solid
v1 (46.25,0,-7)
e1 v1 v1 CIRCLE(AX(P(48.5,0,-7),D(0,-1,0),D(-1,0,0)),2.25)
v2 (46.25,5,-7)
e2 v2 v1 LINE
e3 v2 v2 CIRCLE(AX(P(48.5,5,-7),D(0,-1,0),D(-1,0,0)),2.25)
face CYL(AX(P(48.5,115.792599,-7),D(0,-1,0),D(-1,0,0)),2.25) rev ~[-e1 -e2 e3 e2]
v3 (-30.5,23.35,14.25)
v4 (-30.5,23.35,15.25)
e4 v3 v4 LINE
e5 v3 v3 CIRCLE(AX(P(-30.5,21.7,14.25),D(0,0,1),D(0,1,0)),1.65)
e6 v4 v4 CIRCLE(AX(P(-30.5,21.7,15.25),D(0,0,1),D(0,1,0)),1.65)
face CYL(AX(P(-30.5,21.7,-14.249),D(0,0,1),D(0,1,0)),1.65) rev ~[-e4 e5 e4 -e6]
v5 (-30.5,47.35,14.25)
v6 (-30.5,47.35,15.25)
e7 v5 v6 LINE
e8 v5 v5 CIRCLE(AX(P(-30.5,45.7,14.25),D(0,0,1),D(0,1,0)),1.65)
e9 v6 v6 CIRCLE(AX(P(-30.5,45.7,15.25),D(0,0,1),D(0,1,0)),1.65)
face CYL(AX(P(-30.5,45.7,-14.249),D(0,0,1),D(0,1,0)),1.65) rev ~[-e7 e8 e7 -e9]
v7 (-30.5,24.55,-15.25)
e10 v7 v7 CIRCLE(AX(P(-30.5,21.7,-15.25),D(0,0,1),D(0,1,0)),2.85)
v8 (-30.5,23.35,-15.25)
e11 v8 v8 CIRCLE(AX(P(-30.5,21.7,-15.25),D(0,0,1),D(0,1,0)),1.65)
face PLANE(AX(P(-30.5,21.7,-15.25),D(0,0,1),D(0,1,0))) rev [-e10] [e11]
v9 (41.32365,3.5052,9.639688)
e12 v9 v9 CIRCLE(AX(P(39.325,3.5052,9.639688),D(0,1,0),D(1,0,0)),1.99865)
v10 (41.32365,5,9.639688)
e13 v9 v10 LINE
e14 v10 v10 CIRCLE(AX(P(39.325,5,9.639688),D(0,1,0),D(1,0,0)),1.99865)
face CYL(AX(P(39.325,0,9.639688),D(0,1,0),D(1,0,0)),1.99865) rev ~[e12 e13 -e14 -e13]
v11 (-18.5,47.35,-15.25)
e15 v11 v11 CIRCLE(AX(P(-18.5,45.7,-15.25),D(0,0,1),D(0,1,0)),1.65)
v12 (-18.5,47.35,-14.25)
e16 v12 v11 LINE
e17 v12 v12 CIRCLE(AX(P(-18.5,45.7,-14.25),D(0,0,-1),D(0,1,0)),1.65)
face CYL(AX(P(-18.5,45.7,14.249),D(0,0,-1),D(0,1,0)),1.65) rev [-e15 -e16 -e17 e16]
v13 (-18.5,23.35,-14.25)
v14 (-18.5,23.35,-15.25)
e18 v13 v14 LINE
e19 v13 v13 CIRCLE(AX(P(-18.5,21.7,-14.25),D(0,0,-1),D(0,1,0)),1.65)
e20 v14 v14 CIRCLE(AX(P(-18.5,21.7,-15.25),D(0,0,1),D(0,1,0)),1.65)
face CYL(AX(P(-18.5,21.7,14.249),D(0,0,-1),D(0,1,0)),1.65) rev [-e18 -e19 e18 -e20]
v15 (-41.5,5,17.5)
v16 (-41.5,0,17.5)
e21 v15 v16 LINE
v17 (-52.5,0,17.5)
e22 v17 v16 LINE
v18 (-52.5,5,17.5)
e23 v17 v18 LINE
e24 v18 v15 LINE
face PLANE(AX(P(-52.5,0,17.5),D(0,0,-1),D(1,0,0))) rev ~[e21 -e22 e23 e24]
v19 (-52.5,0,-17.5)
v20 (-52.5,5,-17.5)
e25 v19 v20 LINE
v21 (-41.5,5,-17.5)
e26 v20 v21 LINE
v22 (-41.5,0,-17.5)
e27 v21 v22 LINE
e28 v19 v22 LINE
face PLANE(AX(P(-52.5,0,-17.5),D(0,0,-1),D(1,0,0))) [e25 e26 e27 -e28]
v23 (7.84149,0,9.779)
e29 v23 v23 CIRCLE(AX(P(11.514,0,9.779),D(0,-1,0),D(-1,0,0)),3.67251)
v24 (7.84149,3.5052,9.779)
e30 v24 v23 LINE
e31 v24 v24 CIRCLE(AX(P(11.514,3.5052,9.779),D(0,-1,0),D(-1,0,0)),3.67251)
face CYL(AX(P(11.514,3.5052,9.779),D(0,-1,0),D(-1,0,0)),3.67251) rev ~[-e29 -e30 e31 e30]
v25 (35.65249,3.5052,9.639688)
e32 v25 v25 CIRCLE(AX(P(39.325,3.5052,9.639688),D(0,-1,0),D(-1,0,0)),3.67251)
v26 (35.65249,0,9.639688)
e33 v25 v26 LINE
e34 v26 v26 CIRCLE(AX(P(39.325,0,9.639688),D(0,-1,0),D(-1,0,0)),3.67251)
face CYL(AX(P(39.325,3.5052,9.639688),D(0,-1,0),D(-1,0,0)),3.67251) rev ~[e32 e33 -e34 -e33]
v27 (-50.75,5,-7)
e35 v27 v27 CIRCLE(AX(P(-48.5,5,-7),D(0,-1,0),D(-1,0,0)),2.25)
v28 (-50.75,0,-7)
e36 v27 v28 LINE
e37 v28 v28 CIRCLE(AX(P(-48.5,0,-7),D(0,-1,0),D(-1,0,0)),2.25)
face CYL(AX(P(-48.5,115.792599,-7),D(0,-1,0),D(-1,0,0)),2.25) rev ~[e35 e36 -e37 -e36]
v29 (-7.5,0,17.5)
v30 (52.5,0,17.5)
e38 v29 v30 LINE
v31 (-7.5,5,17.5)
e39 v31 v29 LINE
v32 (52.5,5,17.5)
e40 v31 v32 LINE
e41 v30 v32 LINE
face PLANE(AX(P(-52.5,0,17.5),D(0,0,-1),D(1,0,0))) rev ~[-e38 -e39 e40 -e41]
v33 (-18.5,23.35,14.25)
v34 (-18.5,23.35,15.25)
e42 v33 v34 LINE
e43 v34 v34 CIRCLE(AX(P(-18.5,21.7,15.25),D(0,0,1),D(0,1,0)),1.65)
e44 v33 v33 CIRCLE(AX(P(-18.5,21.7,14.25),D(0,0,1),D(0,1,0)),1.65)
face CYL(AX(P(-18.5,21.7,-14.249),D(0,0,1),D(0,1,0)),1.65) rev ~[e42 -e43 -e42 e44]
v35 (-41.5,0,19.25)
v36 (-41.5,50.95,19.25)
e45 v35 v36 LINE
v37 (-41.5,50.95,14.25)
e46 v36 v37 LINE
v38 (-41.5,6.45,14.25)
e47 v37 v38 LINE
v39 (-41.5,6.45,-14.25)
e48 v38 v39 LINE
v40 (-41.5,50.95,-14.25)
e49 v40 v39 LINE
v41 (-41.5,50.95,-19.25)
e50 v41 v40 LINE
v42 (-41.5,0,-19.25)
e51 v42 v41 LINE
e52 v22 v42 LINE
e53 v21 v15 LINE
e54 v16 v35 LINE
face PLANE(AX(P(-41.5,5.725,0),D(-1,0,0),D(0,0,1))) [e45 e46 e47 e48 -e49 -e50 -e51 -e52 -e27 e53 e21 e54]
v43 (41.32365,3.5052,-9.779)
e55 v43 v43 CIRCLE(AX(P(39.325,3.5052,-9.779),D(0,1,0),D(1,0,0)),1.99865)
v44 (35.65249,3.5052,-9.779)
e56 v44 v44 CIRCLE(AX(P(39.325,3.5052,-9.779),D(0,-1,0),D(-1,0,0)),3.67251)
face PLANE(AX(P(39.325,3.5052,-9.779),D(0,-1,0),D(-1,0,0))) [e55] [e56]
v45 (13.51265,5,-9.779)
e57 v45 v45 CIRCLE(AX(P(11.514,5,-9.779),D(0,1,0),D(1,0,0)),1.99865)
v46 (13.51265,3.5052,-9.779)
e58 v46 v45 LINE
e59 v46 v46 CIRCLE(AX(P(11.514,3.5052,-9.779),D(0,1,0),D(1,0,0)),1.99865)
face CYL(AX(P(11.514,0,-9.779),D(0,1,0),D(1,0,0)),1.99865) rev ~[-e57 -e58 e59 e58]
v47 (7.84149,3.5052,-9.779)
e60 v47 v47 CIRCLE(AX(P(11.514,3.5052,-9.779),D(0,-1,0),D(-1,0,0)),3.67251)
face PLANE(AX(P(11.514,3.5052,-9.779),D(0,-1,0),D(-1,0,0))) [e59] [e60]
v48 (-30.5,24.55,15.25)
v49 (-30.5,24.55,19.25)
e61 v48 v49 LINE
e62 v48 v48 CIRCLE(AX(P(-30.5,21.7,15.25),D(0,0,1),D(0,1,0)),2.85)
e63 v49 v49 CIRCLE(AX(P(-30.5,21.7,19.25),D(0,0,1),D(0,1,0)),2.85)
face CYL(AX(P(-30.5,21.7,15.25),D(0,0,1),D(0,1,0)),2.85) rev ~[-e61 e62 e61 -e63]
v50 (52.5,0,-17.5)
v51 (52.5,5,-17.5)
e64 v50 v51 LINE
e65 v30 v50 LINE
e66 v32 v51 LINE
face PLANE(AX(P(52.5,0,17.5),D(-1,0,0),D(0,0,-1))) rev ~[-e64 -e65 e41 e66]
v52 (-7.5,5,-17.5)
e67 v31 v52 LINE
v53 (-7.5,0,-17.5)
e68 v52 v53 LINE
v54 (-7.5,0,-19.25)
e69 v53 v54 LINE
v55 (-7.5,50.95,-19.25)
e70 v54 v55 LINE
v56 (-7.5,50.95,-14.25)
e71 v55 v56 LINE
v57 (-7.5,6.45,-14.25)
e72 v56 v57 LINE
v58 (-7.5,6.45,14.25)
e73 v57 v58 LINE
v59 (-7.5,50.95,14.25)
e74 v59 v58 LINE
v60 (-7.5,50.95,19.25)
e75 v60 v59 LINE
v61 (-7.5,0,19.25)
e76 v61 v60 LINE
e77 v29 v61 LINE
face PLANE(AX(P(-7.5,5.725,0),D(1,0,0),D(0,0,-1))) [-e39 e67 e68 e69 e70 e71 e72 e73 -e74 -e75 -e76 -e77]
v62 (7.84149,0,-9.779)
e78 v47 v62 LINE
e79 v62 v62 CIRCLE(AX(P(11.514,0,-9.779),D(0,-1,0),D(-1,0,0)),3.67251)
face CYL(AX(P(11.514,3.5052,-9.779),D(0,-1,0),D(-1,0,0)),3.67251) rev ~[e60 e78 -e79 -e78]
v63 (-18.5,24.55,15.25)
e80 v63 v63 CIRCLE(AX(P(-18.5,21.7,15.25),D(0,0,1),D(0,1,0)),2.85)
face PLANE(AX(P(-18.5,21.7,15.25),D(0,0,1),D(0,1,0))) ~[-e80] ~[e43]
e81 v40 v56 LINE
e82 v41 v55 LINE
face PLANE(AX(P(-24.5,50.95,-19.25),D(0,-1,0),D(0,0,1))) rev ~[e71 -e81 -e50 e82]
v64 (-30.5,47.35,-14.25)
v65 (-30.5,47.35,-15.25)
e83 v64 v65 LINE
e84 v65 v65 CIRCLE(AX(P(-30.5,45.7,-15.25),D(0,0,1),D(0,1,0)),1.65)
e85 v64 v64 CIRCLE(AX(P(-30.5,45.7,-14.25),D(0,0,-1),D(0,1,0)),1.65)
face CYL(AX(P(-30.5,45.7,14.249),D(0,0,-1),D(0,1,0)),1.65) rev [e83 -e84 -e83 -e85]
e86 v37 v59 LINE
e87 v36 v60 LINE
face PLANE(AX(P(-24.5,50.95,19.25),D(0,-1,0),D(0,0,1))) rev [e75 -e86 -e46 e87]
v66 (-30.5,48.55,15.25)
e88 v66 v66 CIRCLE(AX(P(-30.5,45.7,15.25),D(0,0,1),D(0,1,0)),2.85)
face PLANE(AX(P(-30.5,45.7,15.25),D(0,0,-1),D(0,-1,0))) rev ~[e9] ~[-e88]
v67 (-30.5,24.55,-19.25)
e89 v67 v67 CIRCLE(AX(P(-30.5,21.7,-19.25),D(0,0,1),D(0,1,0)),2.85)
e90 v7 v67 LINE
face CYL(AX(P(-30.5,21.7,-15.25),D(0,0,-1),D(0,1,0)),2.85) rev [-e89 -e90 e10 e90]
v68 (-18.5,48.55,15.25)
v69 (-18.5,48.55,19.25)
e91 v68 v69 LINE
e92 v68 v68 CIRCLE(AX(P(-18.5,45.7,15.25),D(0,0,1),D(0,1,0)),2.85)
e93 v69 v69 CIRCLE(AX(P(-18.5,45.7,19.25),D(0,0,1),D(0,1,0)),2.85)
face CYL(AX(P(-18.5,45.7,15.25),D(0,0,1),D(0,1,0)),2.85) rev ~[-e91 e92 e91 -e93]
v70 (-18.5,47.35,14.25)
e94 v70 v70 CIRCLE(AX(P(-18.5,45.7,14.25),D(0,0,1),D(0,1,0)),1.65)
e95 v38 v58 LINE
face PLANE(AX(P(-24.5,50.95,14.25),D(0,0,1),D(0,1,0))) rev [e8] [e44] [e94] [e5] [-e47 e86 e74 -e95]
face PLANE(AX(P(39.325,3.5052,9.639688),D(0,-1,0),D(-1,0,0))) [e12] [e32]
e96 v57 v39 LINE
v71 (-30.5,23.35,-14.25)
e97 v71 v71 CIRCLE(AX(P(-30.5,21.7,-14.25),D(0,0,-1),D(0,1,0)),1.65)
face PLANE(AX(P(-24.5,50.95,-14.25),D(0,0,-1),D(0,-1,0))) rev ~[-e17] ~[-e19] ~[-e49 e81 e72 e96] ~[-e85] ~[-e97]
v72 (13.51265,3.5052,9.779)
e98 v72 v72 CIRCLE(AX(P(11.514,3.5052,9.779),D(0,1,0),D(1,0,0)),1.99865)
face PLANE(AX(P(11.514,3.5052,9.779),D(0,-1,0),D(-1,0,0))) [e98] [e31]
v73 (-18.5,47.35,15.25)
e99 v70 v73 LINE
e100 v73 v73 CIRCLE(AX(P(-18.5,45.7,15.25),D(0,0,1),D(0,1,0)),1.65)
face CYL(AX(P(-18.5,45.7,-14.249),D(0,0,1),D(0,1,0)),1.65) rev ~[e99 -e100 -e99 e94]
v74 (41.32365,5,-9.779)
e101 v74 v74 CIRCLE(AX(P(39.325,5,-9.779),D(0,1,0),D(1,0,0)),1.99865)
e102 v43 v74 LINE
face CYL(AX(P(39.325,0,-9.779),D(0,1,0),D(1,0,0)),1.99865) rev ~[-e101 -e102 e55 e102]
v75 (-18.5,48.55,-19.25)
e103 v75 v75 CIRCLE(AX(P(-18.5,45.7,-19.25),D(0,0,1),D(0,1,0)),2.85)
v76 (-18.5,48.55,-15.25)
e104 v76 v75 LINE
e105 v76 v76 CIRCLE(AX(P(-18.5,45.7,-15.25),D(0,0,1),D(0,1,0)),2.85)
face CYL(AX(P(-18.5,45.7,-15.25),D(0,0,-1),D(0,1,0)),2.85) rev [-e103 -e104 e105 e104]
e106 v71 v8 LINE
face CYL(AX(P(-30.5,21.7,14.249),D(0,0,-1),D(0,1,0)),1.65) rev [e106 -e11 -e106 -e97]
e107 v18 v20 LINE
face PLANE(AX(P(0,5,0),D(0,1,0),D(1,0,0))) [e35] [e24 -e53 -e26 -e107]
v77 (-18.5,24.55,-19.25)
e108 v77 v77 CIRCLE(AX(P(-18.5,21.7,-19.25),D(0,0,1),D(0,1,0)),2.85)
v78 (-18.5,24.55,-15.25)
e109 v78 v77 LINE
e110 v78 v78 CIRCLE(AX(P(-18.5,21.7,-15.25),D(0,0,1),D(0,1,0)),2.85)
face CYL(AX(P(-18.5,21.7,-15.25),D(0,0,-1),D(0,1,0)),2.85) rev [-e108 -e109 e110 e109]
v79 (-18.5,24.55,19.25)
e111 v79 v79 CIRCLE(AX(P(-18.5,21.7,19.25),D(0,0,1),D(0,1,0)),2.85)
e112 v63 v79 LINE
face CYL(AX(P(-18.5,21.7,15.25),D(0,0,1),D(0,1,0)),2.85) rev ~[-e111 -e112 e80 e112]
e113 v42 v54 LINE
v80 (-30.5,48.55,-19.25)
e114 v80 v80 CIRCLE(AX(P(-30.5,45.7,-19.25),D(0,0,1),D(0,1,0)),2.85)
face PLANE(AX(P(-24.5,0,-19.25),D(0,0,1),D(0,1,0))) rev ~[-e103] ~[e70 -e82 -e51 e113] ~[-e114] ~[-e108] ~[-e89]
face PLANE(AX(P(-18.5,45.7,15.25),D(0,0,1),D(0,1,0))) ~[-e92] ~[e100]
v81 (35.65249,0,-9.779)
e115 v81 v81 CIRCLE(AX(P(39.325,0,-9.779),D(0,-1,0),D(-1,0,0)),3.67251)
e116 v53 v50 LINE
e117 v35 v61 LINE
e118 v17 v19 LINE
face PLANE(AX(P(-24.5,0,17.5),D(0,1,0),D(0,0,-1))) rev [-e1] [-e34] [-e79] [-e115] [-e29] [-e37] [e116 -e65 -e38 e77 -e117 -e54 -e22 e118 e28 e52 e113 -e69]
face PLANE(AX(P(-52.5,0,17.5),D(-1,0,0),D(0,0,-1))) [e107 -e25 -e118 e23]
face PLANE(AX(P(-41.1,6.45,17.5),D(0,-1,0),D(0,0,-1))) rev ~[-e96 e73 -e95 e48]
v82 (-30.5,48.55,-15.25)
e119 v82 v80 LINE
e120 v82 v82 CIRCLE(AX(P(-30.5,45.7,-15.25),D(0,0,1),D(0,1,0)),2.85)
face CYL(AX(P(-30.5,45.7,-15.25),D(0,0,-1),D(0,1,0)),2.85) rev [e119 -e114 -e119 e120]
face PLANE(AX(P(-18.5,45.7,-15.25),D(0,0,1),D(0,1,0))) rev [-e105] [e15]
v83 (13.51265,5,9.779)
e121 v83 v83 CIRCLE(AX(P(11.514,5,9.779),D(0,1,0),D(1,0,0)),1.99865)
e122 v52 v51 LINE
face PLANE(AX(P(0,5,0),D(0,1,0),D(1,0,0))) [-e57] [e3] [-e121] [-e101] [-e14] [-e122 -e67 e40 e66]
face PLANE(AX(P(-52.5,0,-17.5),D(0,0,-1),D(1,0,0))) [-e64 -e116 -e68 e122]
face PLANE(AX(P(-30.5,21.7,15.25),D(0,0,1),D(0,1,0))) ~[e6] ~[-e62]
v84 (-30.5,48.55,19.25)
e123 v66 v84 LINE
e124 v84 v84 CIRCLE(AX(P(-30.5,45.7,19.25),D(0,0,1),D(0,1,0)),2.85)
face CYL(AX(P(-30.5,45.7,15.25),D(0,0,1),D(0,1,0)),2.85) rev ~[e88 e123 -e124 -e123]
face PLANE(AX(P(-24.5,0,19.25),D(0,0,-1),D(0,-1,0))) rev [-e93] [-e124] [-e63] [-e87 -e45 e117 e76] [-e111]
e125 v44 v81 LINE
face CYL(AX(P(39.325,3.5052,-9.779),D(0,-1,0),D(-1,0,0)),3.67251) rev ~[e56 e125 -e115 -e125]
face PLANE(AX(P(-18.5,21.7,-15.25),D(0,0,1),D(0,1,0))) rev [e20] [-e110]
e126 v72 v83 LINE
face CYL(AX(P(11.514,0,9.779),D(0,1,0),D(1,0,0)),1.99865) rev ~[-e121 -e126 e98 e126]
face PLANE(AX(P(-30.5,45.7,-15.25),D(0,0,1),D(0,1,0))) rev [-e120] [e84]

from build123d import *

# Parameters (mm, degrees)
SKETCH1_W                                      = 105
SKETCH1_H                                      = 35
BOSS_EXTRUDE1_DEPTH                            = 5
M4_CLEARANCE_HOLE1_D                           = 4.5
SKETCH4_W                                      = 33.2
SKETCH4_H                                      = 35
BOSS_EXTRUDE2_DEPTH                            = 1.45
BOSS_EXTRUDE3_DEPTH                            = 17
CBORE_FOR_M2_5_SHCS1_AT_2_COUNT                = 2
CBORE_FOR_M2_5_SHCS1_AT_2_PITCH                = 12
CBORE_FOR_M2_5_SHCS1_AT_3_COUNT                = 2
CBORE_FOR_M2_5_SHCS1_AT_3_PITCH                = 24
CBORE_FOR_M2_5_SHCS1_AT_4_COUNT                = 2
CBORE_FOR_M2_5_SHCS1_AT_4_PITCH                = 26.83281573
BOSS_EXTRUDE5_DEPTH                            = 0.4
BOSS_EXTRUDE6_DEPTH                            = 0.4
CBORE_FOR_6_SOCKET_HEAD_CAP_SCREW1_D           = 3.997300108
CBORE_FOR_6_SOCKET_HEAD_CAP_SCREW1_CBORE_D     = 7.345020108
CBORE_FOR_6_SOCKET_HEAD_CAP_SCREW1_CBORE_DEPTH = 3.5052


with BuildPart() as part:
    # Sketch1 → Boss-Extrude1 (new body)
    with BuildSketch(Plane(origin=(0, 0, 0), x_dir=(1, 0, 0), z_dir=(0, 1, 0))):
        Rectangle(SKETCH1_W, SKETCH1_H)
    extrude(amount=BOSS_EXTRUDE1_DEPTH)

    # M4 Clearance Hole1 (through all)
    with Locations(Plane(origin=(0, 5, 0), x_dir=(1, 0, 0), z_dir=(0, 1, 0))):
        with Locations((-48.5, 7), (48.5, 7)):
            Hole(M4_CLEARANCE_HOLE1_D / 2)

    # Sketch4 → Boss-Extrude2 (add)
    with BuildSketch(Plane(origin=(0, 5, 0), x_dir=(1, 0, 0), z_dir=(0, 1, 0))):
        with Locations((-24.5, 0)):
            Rectangle(SKETCH4_W, SKETCH4_H)
    extrude(amount=BOSS_EXTRUDE2_DEPTH)

    # Sketch5 → Boss-Extrude3 (add, symmetric)
    with BuildSketch(Plane.ZY.offset(24.5)):
        Polygon((-17.5, 0), (-19.25, 0), (-19.25, 50.95), (-14.25, 50.95), (-14.25, 6.45), (-17.5, 6.45), align=None)
    boss_extrude3 = extrude(amount=BOSS_EXTRUDE3_DEPTH, both=True)

    # Sketch9 → CBORE for M2.5 SHCS1 (revolve, cut)
    with BuildSketch(Plane(origin=(-30.5, 45.7, -19.25), x_dir=(0, 1, 0), z_dir=(1, 0, 0))):
        Polygon((0, 0), (0, 34.490420021), (1.65, 33.499), (1.65, 4), (2.85, 4), (2.85, 0), align=None)
    cbore_for_m2_5_shcs1 = revolve(axis=Axis((-30.5, 45.7, -25.6), (0, 0, 1)), mode=Mode.SUBTRACT)

    # CBORE for M2.5 SHCS1 at 2: CBORE for M2.5 SHCS1 ×2
    with Locations(*[(i * CBORE_FOR_M2_5_SHCS1_AT_2_PITCH, 0, 0) for i in range(1, CBORE_FOR_M2_5_SHCS1_AT_2_COUNT)]):
        add(cbore_for_m2_5_shcs1, mode=Mode.SUBTRACT)

    # CBORE for M2.5 SHCS1 at 3: CBORE for M2.5 SHCS1 ×2
    with Locations(*[(0, -i * CBORE_FOR_M2_5_SHCS1_AT_3_PITCH, 0) for i in range(1, CBORE_FOR_M2_5_SHCS1_AT_3_COUNT)]):
        add(cbore_for_m2_5_shcs1, mode=Mode.SUBTRACT)

    # CBORE for M2.5 SHCS1 at 4: CBORE for M2.5 SHCS1 ×2
    with Locations(*[Vector(0.44721359549995815, -0.8944271909999159, 0) * (i * CBORE_FOR_M2_5_SHCS1_AT_4_PITCH) for i in range(1, CBORE_FOR_M2_5_SHCS1_AT_4_COUNT)]):
        add(cbore_for_m2_5_shcs1, mode=Mode.SUBTRACT)

    # Mirror1: Boss-Extrude3, CBORE for M2.5 SHCS1 across plane
    add(boss_extrude3.mirror(Plane(origin=(0, 0, 0), x_dir=(1, 0, 0), z_dir=(0, 0, -1))))
    add(cbore_for_m2_5_shcs1.mirror(Plane(origin=(0, 0, 0), x_dir=(1, 0, 0), z_dir=(0, 0, -1))), mode=Mode.SUBTRACT)

    # Mirror1 copy 1 sketch → Mirror1 copy 1 (revolve, cut)
    with BuildSketch(Plane(origin=(-18.5, 45.7, 19.25), x_dir=(0, 1, 0), z_dir=(1, 0, 0))):
        Polygon((0, 0), (0, -34.490420021), (1.65, -33.499), (1.65, -4), (2.85, -4), (2.85, 0), align=None)
    revolve(axis=Axis((-18.5, 45.7, 25.6), (0, 0, 1)), mode=Mode.SUBTRACT)

    # Mirror1 copy 2 sketch → Mirror1 copy 2 (revolve, cut)
    with BuildSketch(Plane(origin=(-30.5, 21.7, 19.25), x_dir=(0, 1, 0), z_dir=(1, 0, 0))):
        Polygon((0, 0), (0, -34.490420021), (1.65, -33.499), (1.65, -4), (2.85, -4), (2.85, 0), align=None)
    revolve(axis=Axis((-30.5, 21.7, 25.6), (0, 0, 1)), mode=Mode.SUBTRACT)

    # Mirror1 copy 3 sketch → Mirror1 copy 3 (revolve, cut)
    with BuildSketch(Plane(origin=(-18.5, 21.7, 19.25), x_dir=(0, 1, 0), z_dir=(1, 0, 0))):
        Polygon((0, 0), (0, -34.490420021), (1.65, -33.499), (1.65, -4), (2.85, -4), (2.85, 0), align=None)
    revolve(axis=Axis((-18.5, 21.7, 25.6), (0, 0, 1)), mode=Mode.SUBTRACT)

    # Sketch11 → Boss-Extrude5 (add)
    with BuildSketch(Plane(origin=(-7.9, 0, 0), x_dir=(0, 0, -1), z_dir=(1, 0, 0))):
        Polygon((17.5, 5), (17.5, 6.45), (14.25, 6.45), (-14.25, 6.45), (-17.5, 6.45), (-17.5, 5), align=None)
    extrude(amount=BOSS_EXTRUDE5_DEPTH)

    # Sketch12 → Boss-Extrude6 (add)
    with BuildSketch(Plane.ZY.offset(41.1)):
        Polygon((17.5, 5), (17.5, 6.45), (14.25, 6.45), (-14.25, 6.45), (-17.5, 6.45), (-17.5, 5), align=None)
    extrude(amount=BOSS_EXTRUDE6_DEPTH)

    # CBORE for #6 Socket Head Cap Screw1 (through all)
    with Locations(Plane(origin=(0, 0, 0), x_dir=(-1, 0, 0), z_dir=(0, -1, 0))):
        with Locations((-39.325, 9.779), (-11.514, 9.779), (-39.325, -9.639687995), (-11.514, -9.779)):
            CounterBoreHole(CBORE_FOR_6_SOCKET_HEAD_CAP_SCREW1_D / 2, CBORE_FOR_6_SOCKET_HEAD_CAP_SCREW1_CBORE_D / 2, CBORE_FOR_6_SOCKET_HEAD_CAP_SCREW1_CBORE_DEPTH)


solid = part.part
